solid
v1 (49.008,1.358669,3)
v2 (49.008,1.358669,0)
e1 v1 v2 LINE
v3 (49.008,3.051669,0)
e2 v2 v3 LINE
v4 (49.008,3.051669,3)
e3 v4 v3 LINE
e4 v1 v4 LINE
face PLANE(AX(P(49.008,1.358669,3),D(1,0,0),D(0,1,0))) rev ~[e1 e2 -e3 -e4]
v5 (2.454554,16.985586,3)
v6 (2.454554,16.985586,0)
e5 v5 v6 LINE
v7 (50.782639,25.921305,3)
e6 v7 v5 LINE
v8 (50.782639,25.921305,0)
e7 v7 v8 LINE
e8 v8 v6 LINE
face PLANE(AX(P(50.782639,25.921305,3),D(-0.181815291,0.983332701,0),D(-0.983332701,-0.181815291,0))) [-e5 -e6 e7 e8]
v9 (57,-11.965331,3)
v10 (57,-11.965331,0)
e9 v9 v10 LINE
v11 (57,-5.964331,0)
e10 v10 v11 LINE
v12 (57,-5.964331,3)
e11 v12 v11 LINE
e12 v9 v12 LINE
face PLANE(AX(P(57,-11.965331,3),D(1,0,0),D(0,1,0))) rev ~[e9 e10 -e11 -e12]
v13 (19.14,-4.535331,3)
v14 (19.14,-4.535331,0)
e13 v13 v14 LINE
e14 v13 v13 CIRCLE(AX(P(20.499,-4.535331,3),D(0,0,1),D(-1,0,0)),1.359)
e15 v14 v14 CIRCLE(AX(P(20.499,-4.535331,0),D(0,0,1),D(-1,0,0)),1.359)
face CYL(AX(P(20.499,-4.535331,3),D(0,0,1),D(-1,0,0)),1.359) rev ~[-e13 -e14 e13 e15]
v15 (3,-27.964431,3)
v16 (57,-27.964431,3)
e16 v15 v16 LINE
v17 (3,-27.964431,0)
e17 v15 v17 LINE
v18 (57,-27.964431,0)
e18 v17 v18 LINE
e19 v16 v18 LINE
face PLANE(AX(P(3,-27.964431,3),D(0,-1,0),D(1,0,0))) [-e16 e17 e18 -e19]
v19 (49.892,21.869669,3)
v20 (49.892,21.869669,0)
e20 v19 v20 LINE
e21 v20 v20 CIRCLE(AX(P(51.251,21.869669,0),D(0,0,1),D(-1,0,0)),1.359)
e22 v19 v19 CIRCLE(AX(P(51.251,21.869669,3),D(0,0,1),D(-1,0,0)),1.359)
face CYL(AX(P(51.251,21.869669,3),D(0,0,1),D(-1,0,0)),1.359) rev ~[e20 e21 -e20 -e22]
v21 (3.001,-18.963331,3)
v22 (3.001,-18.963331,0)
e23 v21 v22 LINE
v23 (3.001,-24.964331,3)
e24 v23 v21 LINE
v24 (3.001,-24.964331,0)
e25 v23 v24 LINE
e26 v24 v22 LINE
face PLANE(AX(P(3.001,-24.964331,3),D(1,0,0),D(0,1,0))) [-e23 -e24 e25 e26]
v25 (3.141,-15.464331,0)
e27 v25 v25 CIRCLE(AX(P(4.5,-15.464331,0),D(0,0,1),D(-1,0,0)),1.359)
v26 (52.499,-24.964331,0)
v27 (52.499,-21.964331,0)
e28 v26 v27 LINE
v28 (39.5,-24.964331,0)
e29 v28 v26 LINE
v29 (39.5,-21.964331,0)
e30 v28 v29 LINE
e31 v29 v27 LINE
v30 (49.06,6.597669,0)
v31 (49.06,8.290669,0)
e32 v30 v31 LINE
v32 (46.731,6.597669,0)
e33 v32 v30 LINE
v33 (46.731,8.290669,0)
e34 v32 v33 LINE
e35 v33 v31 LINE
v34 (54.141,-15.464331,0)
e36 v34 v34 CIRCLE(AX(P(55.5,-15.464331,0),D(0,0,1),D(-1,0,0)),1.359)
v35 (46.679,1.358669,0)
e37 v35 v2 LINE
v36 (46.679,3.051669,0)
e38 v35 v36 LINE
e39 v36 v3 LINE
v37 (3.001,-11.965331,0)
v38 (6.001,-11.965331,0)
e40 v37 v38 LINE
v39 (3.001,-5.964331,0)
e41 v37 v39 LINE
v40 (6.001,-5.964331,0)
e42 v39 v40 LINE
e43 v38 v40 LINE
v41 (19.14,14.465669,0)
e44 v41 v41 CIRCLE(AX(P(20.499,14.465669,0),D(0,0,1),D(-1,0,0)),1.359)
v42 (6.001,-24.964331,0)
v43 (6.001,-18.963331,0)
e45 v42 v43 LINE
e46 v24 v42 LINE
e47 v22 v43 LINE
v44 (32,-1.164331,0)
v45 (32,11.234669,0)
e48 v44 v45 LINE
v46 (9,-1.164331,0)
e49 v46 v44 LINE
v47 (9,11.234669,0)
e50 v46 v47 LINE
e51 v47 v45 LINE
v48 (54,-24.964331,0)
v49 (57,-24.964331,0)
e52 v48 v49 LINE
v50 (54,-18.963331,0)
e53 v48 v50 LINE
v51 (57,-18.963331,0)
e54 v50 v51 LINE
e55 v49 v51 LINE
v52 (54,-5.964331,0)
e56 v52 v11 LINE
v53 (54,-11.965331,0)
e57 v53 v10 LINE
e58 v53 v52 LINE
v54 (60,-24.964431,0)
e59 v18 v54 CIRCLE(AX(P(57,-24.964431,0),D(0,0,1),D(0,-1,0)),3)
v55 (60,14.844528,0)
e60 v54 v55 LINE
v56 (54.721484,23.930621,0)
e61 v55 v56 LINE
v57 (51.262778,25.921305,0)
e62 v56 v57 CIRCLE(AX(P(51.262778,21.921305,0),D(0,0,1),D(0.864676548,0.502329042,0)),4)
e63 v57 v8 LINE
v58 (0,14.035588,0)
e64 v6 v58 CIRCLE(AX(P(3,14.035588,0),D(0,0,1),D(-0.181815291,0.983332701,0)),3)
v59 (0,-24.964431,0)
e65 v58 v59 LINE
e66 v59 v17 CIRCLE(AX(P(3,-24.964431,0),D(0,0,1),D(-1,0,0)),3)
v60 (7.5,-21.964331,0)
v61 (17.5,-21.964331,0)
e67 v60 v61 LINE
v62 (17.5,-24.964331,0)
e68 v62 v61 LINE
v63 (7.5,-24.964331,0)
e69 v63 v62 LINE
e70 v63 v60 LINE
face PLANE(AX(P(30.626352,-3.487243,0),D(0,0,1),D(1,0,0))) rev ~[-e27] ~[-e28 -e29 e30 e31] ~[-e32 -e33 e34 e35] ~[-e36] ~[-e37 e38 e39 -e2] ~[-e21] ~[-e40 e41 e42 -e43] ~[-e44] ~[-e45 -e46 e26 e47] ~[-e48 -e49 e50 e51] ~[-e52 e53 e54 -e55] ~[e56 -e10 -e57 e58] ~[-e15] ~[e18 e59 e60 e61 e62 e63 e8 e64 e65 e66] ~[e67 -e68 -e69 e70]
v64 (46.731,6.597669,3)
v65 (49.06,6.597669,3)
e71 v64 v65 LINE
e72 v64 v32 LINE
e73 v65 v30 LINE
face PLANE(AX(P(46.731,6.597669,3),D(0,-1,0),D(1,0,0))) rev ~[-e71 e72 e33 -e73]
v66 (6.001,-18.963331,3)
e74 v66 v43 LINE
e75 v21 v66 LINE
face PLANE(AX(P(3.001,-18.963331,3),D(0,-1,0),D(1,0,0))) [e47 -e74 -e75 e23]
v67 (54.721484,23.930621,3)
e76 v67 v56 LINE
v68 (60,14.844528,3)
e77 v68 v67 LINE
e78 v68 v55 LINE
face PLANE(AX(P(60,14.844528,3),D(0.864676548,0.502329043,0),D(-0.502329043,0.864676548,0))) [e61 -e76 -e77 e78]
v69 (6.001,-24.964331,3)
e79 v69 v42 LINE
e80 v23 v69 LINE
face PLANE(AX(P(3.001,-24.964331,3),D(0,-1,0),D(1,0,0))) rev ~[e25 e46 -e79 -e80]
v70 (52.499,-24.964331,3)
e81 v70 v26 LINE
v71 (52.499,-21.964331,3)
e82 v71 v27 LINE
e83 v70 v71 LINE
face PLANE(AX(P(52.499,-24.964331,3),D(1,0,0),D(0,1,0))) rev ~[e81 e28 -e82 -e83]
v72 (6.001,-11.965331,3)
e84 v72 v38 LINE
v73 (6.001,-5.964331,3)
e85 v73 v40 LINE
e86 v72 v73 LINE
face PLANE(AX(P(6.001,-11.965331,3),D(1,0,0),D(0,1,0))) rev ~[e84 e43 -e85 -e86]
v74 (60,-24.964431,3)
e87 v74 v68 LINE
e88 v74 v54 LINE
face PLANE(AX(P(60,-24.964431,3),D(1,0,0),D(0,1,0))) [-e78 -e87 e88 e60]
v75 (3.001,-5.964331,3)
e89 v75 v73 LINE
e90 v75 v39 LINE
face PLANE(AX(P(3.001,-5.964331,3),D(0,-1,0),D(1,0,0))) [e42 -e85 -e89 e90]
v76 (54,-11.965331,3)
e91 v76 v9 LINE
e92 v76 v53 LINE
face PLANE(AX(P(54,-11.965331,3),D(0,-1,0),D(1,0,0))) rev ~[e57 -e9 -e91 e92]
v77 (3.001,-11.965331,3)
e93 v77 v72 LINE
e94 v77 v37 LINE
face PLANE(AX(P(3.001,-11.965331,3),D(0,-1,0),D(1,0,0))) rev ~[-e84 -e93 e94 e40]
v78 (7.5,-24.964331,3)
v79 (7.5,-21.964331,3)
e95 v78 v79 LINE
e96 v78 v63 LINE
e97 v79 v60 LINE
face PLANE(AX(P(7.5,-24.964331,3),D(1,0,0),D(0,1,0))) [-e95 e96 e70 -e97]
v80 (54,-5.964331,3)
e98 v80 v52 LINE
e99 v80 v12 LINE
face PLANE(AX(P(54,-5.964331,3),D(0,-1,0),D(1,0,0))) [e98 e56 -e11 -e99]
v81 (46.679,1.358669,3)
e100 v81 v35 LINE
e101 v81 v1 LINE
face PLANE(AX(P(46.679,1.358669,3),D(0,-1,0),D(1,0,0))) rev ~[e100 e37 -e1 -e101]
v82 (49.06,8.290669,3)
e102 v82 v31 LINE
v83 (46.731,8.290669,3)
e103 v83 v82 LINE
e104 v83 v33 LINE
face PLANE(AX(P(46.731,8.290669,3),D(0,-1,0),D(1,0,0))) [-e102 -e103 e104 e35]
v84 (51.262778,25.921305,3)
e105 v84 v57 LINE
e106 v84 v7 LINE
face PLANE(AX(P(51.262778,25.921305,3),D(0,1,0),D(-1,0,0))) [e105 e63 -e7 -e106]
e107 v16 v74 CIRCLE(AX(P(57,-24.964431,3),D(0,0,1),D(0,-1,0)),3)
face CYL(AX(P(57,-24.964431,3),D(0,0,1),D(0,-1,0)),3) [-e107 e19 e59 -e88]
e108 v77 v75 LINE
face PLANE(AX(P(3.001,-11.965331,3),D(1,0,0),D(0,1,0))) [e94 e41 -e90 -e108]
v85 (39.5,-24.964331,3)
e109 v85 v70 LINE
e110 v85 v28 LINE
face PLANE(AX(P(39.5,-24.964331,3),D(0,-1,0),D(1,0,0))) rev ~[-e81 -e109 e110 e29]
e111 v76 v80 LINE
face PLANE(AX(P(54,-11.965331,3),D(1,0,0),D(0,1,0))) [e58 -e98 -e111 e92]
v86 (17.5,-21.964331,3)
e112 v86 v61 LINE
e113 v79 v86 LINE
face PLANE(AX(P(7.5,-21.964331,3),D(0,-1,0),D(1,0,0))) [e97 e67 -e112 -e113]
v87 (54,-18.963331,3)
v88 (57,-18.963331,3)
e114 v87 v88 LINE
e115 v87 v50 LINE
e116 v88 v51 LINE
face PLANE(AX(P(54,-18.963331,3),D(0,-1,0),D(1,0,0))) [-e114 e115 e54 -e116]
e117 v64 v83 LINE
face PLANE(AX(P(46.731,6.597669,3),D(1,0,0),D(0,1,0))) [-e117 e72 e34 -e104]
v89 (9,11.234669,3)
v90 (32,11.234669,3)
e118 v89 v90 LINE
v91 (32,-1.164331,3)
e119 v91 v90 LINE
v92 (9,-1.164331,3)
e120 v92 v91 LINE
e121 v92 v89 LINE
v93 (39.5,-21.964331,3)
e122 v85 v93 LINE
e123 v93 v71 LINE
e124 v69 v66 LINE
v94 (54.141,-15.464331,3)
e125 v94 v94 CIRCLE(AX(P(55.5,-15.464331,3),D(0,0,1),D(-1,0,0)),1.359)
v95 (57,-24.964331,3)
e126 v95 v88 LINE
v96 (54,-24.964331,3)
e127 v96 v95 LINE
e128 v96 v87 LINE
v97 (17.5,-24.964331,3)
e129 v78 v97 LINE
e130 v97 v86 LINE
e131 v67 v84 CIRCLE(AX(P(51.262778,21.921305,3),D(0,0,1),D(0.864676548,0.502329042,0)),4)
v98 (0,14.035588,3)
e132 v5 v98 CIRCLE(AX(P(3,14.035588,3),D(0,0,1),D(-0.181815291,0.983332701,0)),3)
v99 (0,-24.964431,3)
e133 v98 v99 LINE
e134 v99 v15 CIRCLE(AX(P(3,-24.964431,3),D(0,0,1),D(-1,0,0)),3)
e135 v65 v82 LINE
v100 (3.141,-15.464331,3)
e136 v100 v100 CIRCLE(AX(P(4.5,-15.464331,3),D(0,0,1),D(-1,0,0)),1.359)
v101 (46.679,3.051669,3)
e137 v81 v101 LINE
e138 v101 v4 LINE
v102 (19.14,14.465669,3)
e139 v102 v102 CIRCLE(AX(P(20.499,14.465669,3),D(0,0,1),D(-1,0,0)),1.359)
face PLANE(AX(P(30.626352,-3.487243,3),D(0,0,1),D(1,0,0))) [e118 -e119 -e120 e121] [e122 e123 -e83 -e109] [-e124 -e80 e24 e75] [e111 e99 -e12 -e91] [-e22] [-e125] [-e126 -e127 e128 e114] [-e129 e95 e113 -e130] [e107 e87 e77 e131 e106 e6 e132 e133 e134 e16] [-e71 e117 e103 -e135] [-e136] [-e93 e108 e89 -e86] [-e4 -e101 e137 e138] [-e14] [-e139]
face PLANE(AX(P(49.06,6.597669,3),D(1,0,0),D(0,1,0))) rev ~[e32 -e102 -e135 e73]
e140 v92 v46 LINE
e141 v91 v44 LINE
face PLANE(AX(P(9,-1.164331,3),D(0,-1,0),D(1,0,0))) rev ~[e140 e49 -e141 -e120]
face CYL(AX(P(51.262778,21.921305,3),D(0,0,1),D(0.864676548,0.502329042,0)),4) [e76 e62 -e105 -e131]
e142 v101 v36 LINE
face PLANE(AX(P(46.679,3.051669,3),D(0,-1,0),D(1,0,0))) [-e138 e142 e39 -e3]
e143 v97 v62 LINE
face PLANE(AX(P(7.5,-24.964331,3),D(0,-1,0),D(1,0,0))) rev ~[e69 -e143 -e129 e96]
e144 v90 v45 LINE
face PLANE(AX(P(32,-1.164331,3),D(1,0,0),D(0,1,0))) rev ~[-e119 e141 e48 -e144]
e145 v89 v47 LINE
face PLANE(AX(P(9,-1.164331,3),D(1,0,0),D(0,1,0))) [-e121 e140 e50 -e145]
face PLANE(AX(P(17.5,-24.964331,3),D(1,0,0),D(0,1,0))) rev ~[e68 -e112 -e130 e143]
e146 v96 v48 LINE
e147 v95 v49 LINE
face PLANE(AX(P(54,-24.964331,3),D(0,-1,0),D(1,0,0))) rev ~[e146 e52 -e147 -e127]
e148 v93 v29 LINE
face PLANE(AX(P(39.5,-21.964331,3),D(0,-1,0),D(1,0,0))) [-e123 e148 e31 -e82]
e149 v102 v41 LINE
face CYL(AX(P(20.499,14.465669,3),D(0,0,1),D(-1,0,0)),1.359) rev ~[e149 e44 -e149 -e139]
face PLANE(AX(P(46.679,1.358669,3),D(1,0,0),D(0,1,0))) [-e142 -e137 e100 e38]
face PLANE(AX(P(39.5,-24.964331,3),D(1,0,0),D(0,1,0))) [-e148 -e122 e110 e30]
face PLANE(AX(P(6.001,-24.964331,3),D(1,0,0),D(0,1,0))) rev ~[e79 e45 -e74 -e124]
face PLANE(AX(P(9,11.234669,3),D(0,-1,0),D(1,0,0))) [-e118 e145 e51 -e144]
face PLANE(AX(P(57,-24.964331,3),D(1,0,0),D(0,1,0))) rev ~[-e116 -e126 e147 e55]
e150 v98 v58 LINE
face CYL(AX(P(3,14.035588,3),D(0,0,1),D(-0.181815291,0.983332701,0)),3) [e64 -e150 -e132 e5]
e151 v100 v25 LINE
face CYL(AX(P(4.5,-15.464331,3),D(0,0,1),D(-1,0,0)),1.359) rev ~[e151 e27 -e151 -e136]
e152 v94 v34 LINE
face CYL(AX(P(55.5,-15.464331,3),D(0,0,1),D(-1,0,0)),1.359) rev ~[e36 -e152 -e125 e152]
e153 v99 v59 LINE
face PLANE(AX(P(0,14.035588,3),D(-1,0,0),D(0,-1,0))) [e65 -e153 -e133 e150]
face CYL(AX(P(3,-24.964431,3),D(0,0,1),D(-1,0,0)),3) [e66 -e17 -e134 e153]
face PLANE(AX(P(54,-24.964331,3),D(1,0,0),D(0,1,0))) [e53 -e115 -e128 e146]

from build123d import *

# Parameters (mm, degrees)
SKETCH_1_R      = 1.359
SKETCH_1_W      = 2.329
SKETCH_1_H      = 1.693
SKETCH_1_W_2    = 12.999
SKETCH_1_H_2    = 3
SKETCH_1_W_3    = 10
SKETCH_1_W_4    = 3
SKETCH_1_H_3    = 6.001
SKETCH_1_W_5    = 23
SKETCH_1_H_4    = 12.399
EXTRUDE_1_DEPTH = 3


with BuildPart() as part:
    # 草图1 → 凸台-拉伸1 (new body)
    with BuildSketch(Plane.XY.offset(3)):
        with BuildLine():
            Line((3, -27.964431369), (57, -27.964431369))
            ThreePointArc((57, -27.964431369), (59.121320344, -27.085751712), (60, -24.964431369))
            Line((60, -24.964431369), (60, 14.844527968))
            Line((60, 14.844527968), (54.721484389, 23.930621486))
            ThreePointArc((54.721484389, 23.930621486), (53.258114674, 25.388095235), (51.262778196, 25.921305316))
            Line((51.262778196, 25.921305316), (50.782638999, 25.921305316))
            Line((50.782638999, 25.921305316), (2.454554127, 16.985586191))
            ThreePointArc((2.454554127, 16.985586191), (0.693884476, 15.954397926), (0, 14.035588089))
            Line((0, 14.035588089), (0, -24.964431369))
            ThreePointArc((0, -24.964431369), (0.878679656, -27.085751712), (3, -27.964431369))
        make_face()
        with Locations(Location((51.251, 21.869668631, 0), (0, 0, 180))):
            Circle(SKETCH_1_R, mode=Mode.SUBTRACT)
        with Locations(Location((20.499, 14.465668631, 0), (0, 0, 180))):
            Circle(SKETCH_1_R, mode=Mode.SUBTRACT)
        with Locations(Location((20.499, -4.535331369, 0), (0, 0, 180))):
            Circle(SKETCH_1_R, mode=Mode.SUBTRACT)
        with Locations(Location((4.5, -15.464331369, 0), (0, 0, 180))):
            Circle(SKETCH_1_R, mode=Mode.SUBTRACT)
        with Locations(Location((55.5, -15.464331369, 0), (0, 0, 180))):
            Circle(SKETCH_1_R, mode=Mode.SUBTRACT)
        with Locations((47.8435, 2.205168631)):
            Rectangle(SKETCH_1_W, SKETCH_1_H, mode=Mode.SUBTRACT)
        with Locations((47.8955, 7.444168631)):
            Rectangle(SKETCH_1_W, SKETCH_1_H, mode=Mode.SUBTRACT)
        with Locations((45.9995, -23.464331369)):
            Rectangle(SKETCH_1_W_2, SKETCH_1_H_2, mode=Mode.SUBTRACT)
        with Locations((12.5, -23.464331369)):
            Rectangle(SKETCH_1_W_3, SKETCH_1_H_2, mode=Mode.SUBTRACT)
        with Locations((55.5, -8.964831369)):
            Rectangle(SKETCH_1_W_4, SKETCH_1_H_3, mode=Mode.SUBTRACT)
        with Locations((55.5, -21.963831369)):
            Rectangle(SKETCH_1_W_4, SKETCH_1_H_3, mode=Mode.SUBTRACT)
        with Locations((4.501, -21.963831369)):
            Rectangle(SKETCH_1_W_4, SKETCH_1_H_3, mode=Mode.SUBTRACT)
        with Locations((4.501, -8.964831369)):
            Rectangle(SKETCH_1_W_4, SKETCH_1_H_3, mode=Mode.SUBTRACT)
        with Locations((20.5, 5.035168631)):
            Rectangle(SKETCH_1_W_5, SKETCH_1_H_4, mode=Mode.SUBTRACT)
    extrude(amount=-EXTRUDE_1_DEPTH)


solid = part.part
